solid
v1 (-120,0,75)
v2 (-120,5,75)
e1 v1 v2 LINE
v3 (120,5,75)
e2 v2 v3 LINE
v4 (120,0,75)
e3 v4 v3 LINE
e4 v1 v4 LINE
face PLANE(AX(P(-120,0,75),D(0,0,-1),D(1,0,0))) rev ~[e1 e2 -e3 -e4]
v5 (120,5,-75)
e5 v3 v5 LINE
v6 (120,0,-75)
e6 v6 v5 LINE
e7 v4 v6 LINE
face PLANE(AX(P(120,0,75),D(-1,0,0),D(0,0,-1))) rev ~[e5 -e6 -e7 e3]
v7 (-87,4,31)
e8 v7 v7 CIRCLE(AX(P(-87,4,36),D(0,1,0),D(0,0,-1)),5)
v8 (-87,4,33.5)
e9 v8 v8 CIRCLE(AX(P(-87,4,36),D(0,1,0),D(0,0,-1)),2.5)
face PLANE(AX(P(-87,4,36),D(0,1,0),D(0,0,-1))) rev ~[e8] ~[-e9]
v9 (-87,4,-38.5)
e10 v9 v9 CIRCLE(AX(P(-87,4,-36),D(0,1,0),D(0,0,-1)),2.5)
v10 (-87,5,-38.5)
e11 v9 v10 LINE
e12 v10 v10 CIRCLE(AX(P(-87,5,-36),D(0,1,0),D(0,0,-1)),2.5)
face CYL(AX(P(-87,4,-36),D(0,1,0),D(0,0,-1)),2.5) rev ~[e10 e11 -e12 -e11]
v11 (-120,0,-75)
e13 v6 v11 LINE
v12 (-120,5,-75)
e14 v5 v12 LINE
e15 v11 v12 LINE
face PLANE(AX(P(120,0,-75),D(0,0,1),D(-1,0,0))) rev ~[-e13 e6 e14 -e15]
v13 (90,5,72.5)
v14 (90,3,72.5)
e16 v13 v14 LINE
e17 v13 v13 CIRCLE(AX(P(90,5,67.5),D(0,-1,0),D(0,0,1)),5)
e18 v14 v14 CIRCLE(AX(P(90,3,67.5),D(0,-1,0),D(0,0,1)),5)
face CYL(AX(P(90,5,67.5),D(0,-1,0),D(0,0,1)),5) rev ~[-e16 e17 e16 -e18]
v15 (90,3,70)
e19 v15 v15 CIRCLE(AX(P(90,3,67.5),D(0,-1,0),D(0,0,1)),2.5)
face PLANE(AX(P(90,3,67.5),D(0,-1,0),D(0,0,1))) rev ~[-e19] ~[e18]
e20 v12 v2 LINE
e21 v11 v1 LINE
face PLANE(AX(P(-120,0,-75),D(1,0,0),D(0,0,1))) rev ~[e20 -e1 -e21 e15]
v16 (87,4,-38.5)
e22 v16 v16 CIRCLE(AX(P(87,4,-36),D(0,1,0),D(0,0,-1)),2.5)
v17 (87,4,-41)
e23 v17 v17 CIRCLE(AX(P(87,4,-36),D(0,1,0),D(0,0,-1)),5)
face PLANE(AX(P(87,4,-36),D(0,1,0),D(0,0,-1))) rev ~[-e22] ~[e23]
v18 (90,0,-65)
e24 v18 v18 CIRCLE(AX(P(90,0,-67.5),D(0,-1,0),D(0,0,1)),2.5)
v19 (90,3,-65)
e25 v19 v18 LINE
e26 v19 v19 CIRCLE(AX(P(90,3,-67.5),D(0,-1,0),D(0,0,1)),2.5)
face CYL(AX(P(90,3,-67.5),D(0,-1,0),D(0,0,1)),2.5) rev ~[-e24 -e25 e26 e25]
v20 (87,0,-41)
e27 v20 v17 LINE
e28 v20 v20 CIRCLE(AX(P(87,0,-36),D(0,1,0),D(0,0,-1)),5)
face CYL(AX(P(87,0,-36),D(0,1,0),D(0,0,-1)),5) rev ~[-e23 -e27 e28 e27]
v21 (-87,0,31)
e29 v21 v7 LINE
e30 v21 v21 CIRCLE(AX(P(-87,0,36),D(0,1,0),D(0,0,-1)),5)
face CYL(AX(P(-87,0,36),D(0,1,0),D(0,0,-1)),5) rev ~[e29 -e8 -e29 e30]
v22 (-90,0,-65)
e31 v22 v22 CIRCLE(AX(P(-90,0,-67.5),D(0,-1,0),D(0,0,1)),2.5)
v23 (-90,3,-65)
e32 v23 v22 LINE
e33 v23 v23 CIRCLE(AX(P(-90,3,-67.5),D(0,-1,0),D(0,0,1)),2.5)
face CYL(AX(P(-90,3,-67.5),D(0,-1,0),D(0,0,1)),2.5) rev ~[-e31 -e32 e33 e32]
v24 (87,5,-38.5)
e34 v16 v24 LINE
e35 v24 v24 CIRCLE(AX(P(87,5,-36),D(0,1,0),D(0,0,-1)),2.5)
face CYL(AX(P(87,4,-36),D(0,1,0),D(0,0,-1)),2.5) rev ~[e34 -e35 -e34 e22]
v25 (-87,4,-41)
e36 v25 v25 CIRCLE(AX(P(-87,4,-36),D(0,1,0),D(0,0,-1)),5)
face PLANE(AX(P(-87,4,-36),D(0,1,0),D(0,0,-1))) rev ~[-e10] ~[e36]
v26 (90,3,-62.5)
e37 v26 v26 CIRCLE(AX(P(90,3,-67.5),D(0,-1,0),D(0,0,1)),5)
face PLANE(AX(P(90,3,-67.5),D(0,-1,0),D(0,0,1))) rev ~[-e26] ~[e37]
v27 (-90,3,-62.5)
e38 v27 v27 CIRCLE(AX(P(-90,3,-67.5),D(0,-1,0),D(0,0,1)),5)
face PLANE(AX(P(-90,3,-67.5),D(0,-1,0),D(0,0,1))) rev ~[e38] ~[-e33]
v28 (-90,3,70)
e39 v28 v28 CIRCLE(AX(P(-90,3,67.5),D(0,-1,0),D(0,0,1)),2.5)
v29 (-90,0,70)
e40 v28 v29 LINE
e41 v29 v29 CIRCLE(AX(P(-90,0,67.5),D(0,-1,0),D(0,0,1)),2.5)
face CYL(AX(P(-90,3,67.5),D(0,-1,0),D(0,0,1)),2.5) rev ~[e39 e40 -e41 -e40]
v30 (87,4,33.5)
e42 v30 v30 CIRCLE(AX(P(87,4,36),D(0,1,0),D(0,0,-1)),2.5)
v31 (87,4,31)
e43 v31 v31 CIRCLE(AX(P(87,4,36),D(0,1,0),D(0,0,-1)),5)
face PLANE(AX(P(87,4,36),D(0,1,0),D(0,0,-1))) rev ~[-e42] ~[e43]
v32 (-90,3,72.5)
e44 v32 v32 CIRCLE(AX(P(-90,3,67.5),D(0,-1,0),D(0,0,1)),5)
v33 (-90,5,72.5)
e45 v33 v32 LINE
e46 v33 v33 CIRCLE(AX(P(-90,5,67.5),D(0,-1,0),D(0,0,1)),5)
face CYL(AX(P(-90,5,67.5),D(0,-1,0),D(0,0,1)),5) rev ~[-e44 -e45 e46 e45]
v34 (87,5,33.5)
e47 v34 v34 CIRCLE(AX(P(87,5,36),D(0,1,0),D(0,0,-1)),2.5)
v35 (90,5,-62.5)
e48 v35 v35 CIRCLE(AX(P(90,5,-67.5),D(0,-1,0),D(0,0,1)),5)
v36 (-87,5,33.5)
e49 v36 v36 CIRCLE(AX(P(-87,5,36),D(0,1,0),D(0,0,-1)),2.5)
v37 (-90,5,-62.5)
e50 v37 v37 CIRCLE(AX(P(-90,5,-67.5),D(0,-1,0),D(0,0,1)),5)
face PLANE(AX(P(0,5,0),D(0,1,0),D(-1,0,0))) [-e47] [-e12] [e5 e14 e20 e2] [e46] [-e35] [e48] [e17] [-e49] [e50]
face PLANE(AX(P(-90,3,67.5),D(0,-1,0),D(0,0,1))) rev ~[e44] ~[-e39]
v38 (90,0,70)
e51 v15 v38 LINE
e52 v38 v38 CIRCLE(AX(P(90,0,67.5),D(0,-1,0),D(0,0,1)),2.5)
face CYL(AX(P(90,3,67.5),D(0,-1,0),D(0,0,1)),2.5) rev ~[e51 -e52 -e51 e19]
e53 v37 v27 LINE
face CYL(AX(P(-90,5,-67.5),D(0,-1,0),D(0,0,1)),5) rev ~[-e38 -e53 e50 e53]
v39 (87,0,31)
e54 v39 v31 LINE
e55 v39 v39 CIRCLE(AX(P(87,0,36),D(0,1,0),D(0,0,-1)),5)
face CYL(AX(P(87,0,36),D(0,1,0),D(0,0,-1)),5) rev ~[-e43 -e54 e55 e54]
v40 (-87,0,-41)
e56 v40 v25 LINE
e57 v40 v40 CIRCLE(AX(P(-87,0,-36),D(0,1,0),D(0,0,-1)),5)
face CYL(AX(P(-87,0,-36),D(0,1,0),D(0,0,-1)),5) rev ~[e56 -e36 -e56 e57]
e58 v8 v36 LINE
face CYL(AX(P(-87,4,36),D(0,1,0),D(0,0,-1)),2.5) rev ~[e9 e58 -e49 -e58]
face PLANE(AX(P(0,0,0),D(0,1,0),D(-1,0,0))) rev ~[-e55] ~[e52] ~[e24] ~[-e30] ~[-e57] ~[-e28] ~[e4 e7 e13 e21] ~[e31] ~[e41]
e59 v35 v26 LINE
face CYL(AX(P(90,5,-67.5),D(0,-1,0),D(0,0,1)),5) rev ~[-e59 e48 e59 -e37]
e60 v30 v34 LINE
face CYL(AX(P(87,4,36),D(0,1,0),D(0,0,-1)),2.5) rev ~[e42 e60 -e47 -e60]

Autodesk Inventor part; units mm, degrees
ref_plane "YZ Plane" through (0, 0, 0) normal (1, 0, 0) x (0, 1, 0)
ref_plane "XZ Plane" through (0, 0, 0) normal (0, 1, 0) x (-1, 0, 0)
ref_plane "XY Plane" through (0, 0, 0) normal (0, 0, 1) x (1, 0, 0)
sketch "Sketch1" plane through (0, 0, 0) normal (0, 1, 0) x (-1, 0, 0)
  line L0 (-120, -75) -> (120, -75)
  line L1 (120, -75) -> (120, 75)
  line L2 (120, 75) -> (-120, 75)
  line L3 (-120, 75) -> (-120, -75)
  line L4 (-120, -75) -> (120, 75) construction
  line L5 (120, -75) -> (-120, 75) construction
  point P0 (0, 0)
  dimension "d0" = 240
  dimension "d1" = 150
extrude "Extrusion1" add sketch "Sketch1" along normal blind 5
sketch "Sketch2" plane through (0, 0, 0) normal (0, 1, 0) x (1, 0, 0)
  line L0 (-120, 75) -> (-120, -75) projected
  line L1 (-120, -75) -> (120, -75) projected
  line L2 (120, -75) -> (120, 75) projected
  line L3 (120, 75) -> (-120, 75) projected
  line L4 (-87, -36) -> (87, -36) construction
  line L5 (87, -36) -> (87, 36) construction
  line L6 (87, 36) -> (-87, 36) construction
  line L7 (-87, 36) -> (-87, -36) construction
  line L8 (-120, 0) -> (-87, 0) construction
  line L9 (0, 36) -> (0, 75) construction
  line L10 (0, -36) -> (0, -75) construction
  line L11 (87, 0) -> (120, 0) construction
  point P0 (0, 0)
  dimension "d4" = 72
  dimension "d5" = 174
hole "Hole1" at (-87, 0, 36) at (-87, 0, -36) at (87, 0, -36) at (87, 0, 36) direction (0, 1, 0) diameter 5 end through all counterbore diameter 10 counterbore depth 4
sketch "Sketch3" plane through (0, 5, 0) normal (0, 1, 0) x (1, 0, 0)
  line L0 (-90, -67.5) -> (90, -67.5) construction
  line L1 (90, -67.5) -> (90, 67.5) construction
  line L2 (90, 67.5) -> (-90, 67.5) construction
  line L3 (-90, 67.5) -> (-90, -67.5) construction
  line L4 (-90, -67.5) -> (90, 67.5) construction
  line L5 (90, -67.5) -> (-90, 67.5) construction
  point P0 (0, 0)
  dimension "d13" = 180
  dimension "d14" = 135
hole "Hole2" at (90, 5, -67.5) at (90, 5, 67.5) at (-90, 5, 67.5) at (-90, 5, -67.5) direction (0, -1, 0) diameter 5 end through all counterbore diameter 10 counterbore depth 2
properties part number "Hotplate Mount"
